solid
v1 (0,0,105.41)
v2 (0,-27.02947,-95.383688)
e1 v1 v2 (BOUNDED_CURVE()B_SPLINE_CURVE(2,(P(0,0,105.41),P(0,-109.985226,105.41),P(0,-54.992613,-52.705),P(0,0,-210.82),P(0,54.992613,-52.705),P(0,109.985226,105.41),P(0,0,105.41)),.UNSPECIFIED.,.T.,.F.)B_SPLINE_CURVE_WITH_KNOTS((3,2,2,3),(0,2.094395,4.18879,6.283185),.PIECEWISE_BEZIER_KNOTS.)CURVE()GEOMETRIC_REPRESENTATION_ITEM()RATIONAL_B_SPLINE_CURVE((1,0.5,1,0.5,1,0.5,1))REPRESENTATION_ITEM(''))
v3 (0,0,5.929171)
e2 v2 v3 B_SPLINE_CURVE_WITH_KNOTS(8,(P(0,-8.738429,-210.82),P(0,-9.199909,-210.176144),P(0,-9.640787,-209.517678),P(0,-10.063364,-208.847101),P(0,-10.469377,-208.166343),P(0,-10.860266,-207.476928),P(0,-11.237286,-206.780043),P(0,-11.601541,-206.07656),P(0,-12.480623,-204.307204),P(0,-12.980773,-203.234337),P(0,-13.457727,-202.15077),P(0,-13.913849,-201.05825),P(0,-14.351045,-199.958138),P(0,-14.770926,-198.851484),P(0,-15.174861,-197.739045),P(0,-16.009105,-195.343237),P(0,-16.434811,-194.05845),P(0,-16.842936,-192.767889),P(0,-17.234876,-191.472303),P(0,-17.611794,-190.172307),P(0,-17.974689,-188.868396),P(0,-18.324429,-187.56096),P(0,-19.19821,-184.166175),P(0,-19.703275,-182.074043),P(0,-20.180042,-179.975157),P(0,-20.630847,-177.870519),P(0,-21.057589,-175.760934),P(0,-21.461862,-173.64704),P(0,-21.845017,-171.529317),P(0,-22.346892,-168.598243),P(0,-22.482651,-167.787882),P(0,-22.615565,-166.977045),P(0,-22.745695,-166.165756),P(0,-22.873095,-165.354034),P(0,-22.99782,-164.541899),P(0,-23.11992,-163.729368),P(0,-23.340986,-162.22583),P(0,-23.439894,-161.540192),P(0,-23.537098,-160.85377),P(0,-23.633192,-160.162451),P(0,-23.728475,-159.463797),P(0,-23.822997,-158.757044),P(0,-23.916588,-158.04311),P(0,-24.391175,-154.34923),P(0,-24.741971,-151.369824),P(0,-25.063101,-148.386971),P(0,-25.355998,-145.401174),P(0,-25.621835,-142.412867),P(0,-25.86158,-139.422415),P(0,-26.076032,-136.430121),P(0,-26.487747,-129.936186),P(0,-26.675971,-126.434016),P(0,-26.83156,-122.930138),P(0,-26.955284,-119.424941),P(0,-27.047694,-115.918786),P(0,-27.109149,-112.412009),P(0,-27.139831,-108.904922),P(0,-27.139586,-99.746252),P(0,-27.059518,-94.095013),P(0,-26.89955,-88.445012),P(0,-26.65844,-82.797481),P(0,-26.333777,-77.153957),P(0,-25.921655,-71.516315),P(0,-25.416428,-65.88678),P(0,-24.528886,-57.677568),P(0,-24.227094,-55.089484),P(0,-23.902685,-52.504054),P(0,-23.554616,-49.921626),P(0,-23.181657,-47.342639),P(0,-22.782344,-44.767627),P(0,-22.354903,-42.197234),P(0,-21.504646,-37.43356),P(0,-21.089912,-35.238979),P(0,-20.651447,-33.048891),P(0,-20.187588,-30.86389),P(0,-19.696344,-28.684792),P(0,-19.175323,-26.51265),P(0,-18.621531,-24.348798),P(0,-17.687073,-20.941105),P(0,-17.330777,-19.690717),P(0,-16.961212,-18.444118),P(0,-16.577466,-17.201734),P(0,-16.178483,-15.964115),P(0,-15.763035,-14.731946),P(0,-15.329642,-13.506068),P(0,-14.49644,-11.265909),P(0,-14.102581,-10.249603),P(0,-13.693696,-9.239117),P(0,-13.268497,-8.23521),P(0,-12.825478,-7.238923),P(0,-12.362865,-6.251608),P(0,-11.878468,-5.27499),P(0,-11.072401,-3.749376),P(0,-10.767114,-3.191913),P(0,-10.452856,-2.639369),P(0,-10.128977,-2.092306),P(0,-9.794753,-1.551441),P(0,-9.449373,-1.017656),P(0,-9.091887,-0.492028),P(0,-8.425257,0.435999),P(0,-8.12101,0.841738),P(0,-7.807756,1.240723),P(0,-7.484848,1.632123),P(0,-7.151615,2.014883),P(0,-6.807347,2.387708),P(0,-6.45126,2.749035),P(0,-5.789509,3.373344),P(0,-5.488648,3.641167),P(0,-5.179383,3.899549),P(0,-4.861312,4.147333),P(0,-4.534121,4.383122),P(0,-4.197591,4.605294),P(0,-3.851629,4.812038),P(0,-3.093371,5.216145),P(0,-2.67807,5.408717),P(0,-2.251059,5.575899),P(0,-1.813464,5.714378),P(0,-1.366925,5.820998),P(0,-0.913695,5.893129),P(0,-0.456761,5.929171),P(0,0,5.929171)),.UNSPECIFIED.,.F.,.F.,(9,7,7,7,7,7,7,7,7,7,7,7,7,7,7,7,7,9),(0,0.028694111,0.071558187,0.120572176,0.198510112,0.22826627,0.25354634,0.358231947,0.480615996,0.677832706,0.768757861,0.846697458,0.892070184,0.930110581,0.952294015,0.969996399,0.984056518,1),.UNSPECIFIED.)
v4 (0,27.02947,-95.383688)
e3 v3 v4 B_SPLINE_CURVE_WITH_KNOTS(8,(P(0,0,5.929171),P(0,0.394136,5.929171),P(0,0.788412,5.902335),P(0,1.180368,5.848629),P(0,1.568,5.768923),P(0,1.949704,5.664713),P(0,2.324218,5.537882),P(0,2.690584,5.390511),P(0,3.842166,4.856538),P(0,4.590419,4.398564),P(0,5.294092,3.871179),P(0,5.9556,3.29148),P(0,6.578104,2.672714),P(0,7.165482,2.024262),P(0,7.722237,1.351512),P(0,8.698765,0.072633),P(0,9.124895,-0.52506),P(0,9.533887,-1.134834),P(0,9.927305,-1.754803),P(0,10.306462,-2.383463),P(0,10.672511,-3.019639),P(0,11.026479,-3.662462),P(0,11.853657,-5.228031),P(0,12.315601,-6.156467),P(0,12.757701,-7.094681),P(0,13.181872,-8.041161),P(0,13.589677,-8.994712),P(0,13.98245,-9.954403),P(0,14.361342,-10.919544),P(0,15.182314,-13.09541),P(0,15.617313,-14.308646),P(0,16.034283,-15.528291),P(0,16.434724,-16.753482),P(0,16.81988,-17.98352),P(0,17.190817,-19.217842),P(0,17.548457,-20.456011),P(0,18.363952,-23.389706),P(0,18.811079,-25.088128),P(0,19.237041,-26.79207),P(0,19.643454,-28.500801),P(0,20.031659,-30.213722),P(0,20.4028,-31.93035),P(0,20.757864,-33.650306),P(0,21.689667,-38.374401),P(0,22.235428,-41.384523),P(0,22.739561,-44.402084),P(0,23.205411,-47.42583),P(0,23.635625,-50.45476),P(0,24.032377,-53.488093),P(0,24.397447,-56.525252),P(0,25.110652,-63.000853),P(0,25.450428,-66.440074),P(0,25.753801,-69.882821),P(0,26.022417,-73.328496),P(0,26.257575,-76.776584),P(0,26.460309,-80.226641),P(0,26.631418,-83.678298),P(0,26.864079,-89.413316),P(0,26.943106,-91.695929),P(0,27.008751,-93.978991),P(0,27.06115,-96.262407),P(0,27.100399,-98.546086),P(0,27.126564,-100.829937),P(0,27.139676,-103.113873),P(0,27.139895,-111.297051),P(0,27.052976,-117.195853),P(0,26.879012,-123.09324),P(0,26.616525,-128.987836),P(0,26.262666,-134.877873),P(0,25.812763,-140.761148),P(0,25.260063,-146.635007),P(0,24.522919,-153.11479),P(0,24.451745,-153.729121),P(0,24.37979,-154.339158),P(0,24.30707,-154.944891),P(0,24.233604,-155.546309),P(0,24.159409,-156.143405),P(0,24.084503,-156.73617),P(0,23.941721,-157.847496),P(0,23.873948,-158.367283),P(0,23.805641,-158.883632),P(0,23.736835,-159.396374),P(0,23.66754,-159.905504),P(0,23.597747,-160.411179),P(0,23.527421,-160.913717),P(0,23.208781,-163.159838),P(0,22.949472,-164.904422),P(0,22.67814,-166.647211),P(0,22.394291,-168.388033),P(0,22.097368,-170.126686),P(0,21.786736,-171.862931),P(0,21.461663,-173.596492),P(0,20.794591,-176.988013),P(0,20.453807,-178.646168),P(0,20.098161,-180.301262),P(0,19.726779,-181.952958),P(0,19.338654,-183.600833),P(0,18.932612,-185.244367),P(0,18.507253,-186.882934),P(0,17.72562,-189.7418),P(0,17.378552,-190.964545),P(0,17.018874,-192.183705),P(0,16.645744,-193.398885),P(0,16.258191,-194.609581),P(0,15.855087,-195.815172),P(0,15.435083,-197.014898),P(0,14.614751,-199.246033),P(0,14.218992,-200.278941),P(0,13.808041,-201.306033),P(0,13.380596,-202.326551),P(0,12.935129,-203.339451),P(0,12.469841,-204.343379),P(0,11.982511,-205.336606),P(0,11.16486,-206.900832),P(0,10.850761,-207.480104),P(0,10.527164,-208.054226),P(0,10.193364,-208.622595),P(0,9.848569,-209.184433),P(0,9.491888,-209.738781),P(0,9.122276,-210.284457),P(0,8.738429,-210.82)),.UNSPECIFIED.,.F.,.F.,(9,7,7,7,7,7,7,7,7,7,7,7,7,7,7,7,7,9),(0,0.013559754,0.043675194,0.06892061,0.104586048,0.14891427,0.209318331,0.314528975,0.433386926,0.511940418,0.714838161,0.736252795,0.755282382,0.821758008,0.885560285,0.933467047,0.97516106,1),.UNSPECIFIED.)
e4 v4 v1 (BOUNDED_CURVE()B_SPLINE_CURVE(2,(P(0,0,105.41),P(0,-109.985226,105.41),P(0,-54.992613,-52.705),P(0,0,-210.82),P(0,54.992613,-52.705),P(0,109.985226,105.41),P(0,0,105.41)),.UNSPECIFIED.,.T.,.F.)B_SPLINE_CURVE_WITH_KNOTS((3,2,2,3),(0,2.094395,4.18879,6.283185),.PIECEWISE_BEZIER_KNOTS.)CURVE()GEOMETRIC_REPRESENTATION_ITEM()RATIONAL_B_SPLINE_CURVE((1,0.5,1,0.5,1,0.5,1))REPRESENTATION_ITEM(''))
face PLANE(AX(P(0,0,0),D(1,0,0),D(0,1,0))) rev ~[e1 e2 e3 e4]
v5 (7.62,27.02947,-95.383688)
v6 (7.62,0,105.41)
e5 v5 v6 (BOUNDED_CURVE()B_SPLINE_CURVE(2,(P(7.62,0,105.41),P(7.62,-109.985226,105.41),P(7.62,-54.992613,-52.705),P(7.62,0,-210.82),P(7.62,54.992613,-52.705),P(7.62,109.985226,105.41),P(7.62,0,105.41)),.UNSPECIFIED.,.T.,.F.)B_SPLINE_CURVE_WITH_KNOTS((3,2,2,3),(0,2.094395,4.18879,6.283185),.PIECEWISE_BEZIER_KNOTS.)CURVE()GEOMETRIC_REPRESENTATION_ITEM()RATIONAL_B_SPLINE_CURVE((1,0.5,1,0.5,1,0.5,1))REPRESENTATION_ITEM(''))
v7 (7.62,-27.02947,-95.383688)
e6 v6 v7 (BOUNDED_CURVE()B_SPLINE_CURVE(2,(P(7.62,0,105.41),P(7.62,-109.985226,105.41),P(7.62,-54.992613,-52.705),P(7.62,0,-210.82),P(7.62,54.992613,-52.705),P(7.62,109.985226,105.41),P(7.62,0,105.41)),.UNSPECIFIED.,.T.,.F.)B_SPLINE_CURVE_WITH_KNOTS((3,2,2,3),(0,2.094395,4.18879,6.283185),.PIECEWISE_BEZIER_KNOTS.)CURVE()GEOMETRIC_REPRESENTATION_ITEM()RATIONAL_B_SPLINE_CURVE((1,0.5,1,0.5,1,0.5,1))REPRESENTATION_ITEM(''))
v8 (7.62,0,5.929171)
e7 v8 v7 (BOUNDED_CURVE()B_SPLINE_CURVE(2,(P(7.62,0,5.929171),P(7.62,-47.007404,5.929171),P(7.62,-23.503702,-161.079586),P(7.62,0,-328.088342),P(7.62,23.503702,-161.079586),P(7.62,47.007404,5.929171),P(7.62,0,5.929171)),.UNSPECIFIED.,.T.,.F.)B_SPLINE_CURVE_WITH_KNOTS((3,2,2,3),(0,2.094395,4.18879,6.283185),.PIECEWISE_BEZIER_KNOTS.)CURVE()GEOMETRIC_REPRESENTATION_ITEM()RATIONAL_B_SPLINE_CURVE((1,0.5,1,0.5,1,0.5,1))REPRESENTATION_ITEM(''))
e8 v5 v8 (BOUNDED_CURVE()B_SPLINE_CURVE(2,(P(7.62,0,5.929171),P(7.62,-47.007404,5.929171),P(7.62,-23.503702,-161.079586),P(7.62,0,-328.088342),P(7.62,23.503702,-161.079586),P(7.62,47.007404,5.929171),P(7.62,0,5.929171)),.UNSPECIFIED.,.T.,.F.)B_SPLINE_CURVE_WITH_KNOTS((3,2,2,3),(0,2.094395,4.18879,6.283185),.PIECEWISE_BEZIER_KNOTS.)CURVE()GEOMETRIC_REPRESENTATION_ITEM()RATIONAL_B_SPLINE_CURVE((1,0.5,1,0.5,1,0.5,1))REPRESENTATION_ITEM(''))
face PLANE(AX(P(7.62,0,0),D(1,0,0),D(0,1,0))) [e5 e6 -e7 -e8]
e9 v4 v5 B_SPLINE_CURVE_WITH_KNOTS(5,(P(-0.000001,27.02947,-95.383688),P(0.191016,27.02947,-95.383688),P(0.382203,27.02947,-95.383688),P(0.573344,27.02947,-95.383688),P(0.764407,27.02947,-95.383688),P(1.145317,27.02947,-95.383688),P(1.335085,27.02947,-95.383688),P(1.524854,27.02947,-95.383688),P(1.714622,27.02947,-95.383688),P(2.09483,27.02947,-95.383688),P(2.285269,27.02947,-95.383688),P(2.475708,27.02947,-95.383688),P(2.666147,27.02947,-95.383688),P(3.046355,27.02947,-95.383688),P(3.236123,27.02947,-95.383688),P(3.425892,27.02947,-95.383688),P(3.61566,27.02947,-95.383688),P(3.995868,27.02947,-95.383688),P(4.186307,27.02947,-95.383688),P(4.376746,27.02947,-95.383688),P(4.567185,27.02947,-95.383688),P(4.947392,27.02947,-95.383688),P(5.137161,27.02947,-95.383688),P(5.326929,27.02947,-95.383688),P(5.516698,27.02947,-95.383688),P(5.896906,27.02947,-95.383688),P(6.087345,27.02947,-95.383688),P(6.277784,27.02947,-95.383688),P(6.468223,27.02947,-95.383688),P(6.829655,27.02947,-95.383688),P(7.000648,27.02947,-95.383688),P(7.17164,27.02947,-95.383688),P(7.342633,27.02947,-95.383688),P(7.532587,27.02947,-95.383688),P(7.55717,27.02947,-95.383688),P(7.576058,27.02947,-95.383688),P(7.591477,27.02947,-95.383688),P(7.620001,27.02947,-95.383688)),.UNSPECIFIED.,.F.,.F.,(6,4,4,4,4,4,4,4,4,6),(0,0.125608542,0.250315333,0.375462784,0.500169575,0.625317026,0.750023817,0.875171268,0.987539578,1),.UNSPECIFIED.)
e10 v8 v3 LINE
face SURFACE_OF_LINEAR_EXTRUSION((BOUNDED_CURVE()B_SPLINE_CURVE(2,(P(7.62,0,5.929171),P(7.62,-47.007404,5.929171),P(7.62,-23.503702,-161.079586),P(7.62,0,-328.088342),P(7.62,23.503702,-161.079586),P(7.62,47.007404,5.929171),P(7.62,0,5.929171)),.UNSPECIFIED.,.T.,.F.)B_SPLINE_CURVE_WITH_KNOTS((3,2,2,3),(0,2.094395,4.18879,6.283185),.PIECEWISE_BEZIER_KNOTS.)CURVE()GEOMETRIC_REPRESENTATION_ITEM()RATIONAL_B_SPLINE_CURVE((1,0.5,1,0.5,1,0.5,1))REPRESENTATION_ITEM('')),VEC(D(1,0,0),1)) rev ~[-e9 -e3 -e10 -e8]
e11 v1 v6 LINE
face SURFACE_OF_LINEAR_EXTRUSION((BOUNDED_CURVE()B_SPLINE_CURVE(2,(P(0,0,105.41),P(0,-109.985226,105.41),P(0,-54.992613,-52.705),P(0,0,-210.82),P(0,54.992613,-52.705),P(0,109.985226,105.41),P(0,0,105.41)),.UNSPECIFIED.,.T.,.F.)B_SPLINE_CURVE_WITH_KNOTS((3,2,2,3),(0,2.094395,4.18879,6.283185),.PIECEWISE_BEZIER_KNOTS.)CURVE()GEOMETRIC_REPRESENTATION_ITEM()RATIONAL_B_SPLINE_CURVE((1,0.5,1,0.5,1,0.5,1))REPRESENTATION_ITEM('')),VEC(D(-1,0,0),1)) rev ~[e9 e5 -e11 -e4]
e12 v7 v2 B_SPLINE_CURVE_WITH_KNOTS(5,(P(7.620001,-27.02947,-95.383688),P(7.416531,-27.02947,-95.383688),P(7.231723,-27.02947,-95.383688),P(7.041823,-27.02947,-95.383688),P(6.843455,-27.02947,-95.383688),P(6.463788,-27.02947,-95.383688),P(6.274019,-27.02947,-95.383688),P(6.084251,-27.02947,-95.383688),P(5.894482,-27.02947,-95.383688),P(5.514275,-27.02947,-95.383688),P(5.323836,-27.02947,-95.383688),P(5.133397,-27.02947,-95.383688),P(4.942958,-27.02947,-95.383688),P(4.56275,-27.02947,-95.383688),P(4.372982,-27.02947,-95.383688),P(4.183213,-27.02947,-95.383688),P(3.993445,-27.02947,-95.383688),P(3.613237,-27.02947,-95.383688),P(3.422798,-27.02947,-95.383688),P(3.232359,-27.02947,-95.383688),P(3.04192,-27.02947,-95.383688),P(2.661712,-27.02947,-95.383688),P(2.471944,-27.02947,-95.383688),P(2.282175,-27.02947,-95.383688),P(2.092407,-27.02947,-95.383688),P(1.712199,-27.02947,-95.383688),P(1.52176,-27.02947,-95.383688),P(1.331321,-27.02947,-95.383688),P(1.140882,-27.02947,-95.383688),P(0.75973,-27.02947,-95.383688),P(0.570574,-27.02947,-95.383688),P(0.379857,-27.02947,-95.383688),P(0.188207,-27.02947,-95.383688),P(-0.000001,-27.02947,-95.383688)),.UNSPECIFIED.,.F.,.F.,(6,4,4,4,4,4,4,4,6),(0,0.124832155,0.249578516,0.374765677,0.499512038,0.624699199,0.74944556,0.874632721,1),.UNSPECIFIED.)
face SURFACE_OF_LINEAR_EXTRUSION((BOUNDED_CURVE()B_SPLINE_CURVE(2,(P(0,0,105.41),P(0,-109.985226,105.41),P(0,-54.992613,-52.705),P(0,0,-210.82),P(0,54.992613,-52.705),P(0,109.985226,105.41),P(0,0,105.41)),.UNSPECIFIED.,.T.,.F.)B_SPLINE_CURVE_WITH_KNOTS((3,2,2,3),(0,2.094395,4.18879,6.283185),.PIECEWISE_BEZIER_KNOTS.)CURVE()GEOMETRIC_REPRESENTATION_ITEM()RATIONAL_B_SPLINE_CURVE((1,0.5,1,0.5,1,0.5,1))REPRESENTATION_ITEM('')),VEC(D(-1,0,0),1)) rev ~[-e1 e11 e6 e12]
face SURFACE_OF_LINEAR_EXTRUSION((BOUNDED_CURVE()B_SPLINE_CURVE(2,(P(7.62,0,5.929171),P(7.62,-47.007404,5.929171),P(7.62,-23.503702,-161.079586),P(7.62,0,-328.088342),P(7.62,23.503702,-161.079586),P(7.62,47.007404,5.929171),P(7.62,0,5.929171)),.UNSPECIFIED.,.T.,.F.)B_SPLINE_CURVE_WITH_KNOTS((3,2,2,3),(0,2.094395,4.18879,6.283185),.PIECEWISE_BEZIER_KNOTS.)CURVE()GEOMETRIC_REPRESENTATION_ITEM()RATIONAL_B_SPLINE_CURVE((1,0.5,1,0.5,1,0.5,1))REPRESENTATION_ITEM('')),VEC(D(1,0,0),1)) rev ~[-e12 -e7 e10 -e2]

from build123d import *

# Parameters (mm, degrees)
F1_DEPTH = 7.62
F3_DEPTH = 25.4


with BuildPart() as f1:
    # F0 (on Right) → F1 (new body)
    with BuildSketch(Plane.YZ):
        with BuildLine():
            add(Edge.make_bspline(
                [(0, 105.41), (-109.985226, 105.41), (-54.992613, -52.705), (0, -210.82), (54.992613, -52.705), (109.985226, 105.41), (0, 105.41)],
                knots=[0, 0, 0, 2.094395, 2.094395, 4.18879, 4.18879, 6.283185, 6.283185, 6.283185], degree=2, weights=[1, 0.5, 1, 0.5, 1, 0.5, 1]))
        make_face()
    extrude(amount=F1_DEPTH)

    # F2 (on face) → F3 (cut)
    with BuildSketch(Plane.YZ.offset(7.62)):
        with BuildLine():
            add(Edge.make_bspline(
                [(0, 5.929171), (-47.007404, 5.929171), (-23.503702, -161.079586), (0, -328.088342), (23.503702, -161.079586), (47.007404, 5.929171), (0, 5.929171)],
                knots=[0, 0, 0, 2.094395, 2.094395, 4.18879, 4.18879, 6.283185, 6.283185, 6.283185], degree=2, weights=[1, 0.5, 1, 0.5, 1, 0.5, 1]))
        make_face()
    extrude(amount=-F3_DEPTH, mode=Mode.SUBTRACT)


solid = f1.part
